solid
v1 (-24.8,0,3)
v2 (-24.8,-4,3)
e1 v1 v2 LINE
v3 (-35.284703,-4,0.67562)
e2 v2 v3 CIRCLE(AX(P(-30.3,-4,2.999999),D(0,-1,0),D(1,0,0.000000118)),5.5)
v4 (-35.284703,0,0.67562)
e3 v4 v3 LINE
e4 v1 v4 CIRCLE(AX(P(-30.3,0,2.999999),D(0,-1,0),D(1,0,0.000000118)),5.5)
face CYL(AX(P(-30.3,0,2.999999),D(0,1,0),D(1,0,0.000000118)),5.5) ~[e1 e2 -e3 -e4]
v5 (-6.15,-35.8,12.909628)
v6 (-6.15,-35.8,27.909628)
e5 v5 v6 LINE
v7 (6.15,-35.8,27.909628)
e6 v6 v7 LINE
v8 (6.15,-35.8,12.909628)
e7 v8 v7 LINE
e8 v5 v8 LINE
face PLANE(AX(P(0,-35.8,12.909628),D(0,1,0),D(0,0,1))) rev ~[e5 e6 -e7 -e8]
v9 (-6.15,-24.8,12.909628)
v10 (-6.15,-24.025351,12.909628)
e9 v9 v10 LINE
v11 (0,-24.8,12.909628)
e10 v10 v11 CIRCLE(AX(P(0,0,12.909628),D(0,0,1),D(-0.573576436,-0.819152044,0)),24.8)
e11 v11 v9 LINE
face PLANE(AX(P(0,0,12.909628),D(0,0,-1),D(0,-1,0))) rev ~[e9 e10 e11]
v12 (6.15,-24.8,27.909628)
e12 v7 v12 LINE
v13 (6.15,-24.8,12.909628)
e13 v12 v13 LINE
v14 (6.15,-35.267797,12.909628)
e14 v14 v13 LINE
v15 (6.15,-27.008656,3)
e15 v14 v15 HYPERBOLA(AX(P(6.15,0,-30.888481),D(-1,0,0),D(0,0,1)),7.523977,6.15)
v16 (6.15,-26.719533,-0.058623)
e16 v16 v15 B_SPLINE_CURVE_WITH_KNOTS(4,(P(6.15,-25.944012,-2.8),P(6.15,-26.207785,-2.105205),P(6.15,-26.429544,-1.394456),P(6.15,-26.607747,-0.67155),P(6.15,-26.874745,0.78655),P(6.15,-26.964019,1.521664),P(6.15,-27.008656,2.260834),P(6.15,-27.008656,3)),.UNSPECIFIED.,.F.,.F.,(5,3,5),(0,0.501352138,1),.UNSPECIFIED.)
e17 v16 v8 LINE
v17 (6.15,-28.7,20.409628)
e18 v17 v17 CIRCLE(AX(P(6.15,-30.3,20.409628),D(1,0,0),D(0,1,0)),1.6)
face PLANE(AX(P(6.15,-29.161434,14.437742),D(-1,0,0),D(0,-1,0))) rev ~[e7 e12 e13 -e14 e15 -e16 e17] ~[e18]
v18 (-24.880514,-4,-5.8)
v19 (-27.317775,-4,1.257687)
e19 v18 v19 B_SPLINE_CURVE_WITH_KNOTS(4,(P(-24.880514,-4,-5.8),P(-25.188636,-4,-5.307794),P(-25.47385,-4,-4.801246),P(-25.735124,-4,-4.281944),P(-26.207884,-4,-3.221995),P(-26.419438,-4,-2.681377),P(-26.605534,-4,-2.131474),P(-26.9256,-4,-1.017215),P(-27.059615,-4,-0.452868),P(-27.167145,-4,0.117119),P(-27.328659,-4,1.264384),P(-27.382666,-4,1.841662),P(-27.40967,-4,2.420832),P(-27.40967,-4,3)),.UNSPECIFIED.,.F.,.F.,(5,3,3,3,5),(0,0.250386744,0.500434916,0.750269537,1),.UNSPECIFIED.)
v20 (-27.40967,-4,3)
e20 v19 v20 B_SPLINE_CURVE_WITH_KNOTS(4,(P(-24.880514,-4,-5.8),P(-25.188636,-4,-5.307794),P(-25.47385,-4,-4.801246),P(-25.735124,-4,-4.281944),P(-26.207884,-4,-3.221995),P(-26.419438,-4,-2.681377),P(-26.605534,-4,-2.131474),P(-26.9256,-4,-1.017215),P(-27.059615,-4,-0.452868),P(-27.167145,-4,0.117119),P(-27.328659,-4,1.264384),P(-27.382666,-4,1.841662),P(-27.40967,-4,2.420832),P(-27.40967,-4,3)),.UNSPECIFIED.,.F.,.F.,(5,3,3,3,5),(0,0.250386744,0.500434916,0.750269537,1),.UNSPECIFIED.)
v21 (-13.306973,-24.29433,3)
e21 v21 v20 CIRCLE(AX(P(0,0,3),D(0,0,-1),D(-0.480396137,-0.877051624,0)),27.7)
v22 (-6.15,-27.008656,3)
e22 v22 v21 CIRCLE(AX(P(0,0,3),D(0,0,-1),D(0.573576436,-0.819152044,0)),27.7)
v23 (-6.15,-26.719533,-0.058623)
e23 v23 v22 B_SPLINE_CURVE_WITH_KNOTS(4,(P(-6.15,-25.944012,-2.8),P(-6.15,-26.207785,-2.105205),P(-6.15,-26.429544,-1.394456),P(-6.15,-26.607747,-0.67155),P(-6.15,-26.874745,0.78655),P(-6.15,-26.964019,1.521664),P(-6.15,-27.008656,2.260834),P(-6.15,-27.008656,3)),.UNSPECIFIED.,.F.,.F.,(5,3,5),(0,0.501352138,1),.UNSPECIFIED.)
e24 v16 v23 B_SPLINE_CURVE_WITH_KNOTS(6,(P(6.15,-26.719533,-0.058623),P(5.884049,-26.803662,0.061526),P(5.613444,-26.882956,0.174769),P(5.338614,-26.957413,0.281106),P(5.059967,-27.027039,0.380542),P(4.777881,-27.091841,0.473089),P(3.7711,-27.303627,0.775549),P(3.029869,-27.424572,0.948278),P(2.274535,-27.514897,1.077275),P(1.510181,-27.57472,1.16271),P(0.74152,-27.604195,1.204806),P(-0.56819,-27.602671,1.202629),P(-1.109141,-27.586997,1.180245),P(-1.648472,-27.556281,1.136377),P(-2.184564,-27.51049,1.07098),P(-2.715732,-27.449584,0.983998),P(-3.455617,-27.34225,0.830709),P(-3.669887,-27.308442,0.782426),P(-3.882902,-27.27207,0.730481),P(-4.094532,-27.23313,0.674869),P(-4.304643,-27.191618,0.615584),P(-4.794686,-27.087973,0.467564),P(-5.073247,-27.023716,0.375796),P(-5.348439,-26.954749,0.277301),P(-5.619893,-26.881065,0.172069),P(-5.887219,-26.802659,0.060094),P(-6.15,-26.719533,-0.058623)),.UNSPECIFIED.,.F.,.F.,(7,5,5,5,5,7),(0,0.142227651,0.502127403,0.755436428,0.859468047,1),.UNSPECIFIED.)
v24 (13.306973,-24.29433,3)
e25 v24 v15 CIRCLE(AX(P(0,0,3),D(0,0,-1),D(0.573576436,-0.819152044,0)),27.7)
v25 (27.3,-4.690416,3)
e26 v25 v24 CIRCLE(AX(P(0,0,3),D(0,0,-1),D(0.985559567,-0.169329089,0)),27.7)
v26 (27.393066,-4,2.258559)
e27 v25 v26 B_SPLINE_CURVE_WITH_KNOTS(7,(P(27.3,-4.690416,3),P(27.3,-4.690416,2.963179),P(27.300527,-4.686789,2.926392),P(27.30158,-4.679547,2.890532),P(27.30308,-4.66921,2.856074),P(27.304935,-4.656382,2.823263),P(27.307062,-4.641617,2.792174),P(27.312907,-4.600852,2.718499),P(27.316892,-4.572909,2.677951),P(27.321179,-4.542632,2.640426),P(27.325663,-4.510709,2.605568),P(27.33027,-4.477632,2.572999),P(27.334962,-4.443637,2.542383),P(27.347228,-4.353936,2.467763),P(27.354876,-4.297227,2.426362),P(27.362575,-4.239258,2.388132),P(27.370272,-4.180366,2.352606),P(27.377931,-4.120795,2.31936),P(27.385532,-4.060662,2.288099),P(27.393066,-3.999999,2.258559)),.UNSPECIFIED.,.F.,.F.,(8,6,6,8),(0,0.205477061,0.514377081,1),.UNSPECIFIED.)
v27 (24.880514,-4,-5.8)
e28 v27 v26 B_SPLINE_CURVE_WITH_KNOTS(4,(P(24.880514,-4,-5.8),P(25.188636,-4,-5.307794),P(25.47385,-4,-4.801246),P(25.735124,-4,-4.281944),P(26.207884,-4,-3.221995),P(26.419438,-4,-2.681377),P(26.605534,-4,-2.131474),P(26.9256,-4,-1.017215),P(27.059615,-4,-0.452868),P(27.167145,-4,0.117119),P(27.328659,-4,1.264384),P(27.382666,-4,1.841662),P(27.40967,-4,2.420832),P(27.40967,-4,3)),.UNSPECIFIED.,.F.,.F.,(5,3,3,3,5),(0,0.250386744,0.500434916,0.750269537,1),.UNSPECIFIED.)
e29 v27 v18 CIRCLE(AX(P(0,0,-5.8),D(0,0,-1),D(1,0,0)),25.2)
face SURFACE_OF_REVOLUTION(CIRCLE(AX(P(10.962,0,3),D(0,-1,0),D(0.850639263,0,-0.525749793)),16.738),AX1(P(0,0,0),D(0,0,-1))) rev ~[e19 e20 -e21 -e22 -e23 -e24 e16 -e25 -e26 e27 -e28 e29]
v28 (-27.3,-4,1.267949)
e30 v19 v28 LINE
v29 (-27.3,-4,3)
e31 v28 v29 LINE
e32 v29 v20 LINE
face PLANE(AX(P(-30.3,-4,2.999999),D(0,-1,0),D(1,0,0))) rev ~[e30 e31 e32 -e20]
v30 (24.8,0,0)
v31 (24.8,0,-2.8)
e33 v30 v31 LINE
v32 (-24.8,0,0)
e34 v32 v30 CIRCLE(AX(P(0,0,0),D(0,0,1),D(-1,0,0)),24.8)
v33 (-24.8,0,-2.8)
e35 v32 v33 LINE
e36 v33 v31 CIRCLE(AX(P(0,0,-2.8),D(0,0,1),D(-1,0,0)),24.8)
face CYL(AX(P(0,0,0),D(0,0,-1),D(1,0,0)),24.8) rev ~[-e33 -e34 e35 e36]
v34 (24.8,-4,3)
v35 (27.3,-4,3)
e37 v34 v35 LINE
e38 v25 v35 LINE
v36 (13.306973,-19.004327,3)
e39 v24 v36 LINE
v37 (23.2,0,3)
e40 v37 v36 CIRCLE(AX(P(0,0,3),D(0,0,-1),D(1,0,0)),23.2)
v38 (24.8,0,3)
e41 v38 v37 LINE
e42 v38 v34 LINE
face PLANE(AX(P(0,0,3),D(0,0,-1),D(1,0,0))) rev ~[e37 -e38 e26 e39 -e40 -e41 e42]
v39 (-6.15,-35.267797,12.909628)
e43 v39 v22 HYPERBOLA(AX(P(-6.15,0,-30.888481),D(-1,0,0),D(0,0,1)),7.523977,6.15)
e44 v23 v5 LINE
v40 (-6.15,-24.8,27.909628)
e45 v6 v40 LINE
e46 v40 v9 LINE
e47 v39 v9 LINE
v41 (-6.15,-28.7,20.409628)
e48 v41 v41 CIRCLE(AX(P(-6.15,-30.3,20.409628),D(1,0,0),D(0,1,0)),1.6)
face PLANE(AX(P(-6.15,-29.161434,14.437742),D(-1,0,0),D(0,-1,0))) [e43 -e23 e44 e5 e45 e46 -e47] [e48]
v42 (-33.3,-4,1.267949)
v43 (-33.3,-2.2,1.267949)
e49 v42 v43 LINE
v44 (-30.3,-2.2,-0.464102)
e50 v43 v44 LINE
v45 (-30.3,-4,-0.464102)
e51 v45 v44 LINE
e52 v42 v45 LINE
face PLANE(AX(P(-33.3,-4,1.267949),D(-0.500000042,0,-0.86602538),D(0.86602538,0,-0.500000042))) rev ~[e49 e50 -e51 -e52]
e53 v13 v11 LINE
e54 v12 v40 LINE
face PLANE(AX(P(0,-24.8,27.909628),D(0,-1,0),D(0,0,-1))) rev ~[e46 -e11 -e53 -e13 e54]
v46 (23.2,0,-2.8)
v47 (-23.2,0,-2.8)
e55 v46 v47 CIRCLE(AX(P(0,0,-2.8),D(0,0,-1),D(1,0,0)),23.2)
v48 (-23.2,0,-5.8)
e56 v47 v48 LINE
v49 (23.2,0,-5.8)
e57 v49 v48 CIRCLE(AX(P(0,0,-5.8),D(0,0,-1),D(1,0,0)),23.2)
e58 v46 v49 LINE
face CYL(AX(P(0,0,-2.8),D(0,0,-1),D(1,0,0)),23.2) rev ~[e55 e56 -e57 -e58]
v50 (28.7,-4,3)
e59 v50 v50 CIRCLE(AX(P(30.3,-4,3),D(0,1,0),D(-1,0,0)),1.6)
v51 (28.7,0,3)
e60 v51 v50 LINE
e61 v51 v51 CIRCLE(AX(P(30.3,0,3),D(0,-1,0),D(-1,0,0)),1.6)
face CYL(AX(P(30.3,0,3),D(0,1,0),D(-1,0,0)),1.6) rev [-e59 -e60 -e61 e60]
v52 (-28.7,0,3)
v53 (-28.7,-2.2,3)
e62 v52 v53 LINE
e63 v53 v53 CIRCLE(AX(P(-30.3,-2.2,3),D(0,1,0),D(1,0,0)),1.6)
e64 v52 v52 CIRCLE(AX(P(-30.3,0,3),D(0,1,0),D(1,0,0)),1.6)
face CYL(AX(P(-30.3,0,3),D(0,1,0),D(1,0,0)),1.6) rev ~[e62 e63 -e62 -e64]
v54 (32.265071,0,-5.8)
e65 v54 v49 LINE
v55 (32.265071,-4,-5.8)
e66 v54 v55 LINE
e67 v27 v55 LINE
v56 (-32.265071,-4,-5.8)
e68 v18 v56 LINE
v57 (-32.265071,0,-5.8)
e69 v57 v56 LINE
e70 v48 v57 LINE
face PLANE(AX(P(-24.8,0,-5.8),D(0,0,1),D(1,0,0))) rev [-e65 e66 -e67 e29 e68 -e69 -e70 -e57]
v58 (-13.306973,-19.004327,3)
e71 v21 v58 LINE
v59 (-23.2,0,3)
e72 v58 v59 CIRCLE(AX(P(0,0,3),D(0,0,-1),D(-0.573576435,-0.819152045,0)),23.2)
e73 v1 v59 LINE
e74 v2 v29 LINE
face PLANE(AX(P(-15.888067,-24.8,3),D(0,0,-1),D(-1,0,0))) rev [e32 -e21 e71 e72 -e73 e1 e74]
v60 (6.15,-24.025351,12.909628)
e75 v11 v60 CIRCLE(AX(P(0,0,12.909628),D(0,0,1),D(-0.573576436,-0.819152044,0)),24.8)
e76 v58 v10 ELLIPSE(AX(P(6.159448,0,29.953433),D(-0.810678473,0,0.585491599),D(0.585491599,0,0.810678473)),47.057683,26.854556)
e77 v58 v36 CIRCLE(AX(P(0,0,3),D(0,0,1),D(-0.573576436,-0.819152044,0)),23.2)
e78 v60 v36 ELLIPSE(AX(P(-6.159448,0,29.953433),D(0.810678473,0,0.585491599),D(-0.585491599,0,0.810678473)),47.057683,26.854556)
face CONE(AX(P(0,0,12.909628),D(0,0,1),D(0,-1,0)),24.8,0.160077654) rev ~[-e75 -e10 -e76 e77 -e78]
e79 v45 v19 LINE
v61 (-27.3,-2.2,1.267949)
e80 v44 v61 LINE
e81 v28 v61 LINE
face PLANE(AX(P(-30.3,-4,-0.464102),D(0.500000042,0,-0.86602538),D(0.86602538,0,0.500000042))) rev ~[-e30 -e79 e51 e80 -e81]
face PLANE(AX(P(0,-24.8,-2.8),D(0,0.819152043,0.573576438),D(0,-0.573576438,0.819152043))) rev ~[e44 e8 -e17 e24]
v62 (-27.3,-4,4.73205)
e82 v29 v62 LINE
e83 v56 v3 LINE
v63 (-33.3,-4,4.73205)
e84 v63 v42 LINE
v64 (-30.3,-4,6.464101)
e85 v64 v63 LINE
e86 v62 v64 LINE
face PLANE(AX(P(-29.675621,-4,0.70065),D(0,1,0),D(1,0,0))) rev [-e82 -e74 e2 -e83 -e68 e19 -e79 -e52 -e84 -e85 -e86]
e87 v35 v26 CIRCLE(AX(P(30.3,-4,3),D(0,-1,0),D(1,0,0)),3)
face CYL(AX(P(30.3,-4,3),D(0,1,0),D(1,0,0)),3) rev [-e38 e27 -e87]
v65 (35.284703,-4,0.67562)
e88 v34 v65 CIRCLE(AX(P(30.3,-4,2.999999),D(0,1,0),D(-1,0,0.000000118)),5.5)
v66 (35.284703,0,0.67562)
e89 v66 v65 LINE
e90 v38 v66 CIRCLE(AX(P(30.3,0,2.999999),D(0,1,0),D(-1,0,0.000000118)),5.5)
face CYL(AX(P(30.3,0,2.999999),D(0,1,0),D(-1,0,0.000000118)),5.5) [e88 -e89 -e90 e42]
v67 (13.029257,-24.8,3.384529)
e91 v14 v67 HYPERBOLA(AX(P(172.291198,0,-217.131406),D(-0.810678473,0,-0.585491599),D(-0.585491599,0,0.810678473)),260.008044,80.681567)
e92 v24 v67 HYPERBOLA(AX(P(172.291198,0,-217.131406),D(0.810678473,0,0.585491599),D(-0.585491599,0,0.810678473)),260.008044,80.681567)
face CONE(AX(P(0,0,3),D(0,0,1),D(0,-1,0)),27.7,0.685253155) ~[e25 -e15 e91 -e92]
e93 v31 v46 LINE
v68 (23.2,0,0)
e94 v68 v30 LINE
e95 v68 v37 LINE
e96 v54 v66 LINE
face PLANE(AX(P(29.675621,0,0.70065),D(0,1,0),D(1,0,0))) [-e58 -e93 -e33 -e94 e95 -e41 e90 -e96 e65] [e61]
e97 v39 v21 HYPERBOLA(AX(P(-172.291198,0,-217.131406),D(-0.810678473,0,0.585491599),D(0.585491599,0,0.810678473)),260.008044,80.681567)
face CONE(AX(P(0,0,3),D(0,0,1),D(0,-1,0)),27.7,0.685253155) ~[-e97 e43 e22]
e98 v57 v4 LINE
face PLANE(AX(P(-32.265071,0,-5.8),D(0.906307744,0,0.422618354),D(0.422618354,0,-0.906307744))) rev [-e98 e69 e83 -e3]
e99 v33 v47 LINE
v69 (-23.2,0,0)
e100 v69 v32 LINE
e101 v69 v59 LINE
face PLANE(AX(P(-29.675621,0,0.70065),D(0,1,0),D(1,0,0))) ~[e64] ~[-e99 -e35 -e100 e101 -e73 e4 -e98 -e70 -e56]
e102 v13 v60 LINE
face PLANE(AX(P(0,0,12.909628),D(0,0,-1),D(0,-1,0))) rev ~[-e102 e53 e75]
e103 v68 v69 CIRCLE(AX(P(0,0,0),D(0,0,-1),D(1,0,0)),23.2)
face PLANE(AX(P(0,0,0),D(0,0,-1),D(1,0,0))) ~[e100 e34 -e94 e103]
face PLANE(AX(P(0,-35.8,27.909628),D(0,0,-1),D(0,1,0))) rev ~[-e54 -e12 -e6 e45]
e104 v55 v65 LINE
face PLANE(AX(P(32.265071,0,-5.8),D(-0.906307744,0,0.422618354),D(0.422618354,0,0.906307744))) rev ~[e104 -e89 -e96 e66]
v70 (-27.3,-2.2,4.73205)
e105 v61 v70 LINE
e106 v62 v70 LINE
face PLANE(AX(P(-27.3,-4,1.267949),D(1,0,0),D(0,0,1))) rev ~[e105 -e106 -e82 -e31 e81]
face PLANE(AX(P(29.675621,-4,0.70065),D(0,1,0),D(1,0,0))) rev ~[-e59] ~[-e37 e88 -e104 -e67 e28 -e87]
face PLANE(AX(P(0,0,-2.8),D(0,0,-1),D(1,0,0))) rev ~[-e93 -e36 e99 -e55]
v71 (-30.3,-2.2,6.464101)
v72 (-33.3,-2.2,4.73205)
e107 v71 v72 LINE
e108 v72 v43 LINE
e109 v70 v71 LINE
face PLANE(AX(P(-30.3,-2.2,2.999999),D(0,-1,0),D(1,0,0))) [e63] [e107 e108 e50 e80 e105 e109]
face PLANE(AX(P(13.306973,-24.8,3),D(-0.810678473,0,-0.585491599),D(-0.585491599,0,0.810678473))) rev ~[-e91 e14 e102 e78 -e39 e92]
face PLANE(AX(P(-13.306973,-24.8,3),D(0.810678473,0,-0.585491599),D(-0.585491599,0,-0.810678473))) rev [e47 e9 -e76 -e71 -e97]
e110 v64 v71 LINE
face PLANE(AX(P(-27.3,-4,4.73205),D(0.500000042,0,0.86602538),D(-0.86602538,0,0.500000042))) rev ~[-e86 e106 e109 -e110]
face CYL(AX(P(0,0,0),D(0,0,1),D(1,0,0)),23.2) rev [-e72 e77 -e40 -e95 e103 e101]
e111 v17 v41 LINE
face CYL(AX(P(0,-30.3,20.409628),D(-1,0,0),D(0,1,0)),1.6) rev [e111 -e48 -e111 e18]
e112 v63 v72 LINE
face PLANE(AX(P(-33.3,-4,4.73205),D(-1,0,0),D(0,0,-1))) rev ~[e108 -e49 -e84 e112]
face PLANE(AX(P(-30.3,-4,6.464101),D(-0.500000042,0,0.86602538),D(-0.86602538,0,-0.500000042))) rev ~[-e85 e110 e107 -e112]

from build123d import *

# Parameters (mm, degrees)
SKETCH005_R          = 1.6
PAD001_DEPTH         = 6.15
REVOLUTION_ANGLE     = -180
PAD_DEPTH            = 4
SKETCH002_R          = 1.6
POCKET_DEPTH         = 5
POCKET001_DEPTH      = 1.8
SKETCH004_R          = 3
POCKET002_DEPTH      = 2
REVOLUTION001_ANGLE  = 70
POCKET003_DEPTH      = 184.719613
POCKET003_DEPTH_BACK = 198.519612


with BuildPart() as pad001:
    # Sketch005 → Pad001 (new body, symmetric)
    with BuildSketch(Plane.YZ):
        Polygon((-35.8, 27.909628), (-24.8, 27.909628), (-24.8, -2.8), (-35.8, 12.909628), align=None)
        with Locations((-30.3, 20.409628)):
            Circle(SKETCH005_R, mode=Mode.SUBTRACT)
    extrude(amount=PAD001_DEPTH, both=True)


with BuildPart() as rect:
    # Sketch → Revolution (revolve)
    with BuildSketch(Plane.XZ):
        with BuildLine():
            Line((23.2, 0), (24.8, 0))
            Line((24.8, 0), (24.8, -2.8))
            Line((24.8, -2.8), (23.2, -2.8))
            Line((23.2, -2.8), (23.2, -5.8))
            Line((23.2, -5.8), (25.2, -5.8))
            ThreePointArc((25.2, -5.8), (27.062874, -1.574112), (27.7, 3))
            Line((27.7, 3), (23.2, 3))
            Line((23.2, 0), (23.2, 3))
        make_face()
    revolve(axis=Axis((0, 0, 0), (0, 0, 1)), revolution_arc=REVOLUTION_ANGLE)

    # Sketch001 → Pad (new body)
    with BuildSketch(Plane(origin=(0, 0, 0), x_dir=(1, 0, 0), z_dir=(0, 1, 0))):
        with BuildLine():
            ThreePointArc((24.8, -3), (31.490407, -8.36963), (35.284703, -0.67562))
            Line((32.265071, 5.8), (35.284703, -0.67562))
            Line((24.8, 5.8), (32.265071, 5.8))
            Line((24.8, -3), (24.8, 5.8))
        make_face()
    pad = extrude(amount=-PAD_DEPTH)

    # Mirrored: Pad across Sketch001 V_Axis
    add(pad.mirror(Plane.YZ))

    # Sketch002 → Pocket (cut)
    with BuildSketch(Plane(origin=(0, 0, 0), x_dir=(1, 0, 0), z_dir=(0, 1, 0))):
        with Locations((-30.3, -3)):
            Circle(SKETCH002_R)
    pocket = extrude(amount=-POCKET_DEPTH, mode=Mode.SUBTRACT)

    # Mirrored001: Pocket across Sketch002 V_Axis
    add(pocket.mirror(Plane.YZ), mode=Mode.SUBTRACT)

    # Sketch003 → Pocket001 (cut)
    with BuildSketch(Plane.XZ.offset(4)):
        Polygon((-30.3, 6.464101), (-33.3, 4.73205), (-33.3, 1.267949), (-30.3, -0.464102), (-27.3, 1.267949), (-27.3, 4.73205), align=None)
    extrude(amount=-POCKET001_DEPTH, mode=Mode.SUBTRACT)

    # Sketch004 → Pocket002 (cut)
    with BuildSketch(Plane.XZ.offset(4)):
        with Locations((30.3, 3)):
            Circle(SKETCH004_R)
    extrude(amount=POCKET002_DEPTH, mode=Mode.SUBTRACT)

    # Fusion: union Pad001
    add(pad001.part)


with BuildPart() as mount_part:
    # Sketch006 → Revolution001 (revolve, symmetric)
    with BuildSketch(Plane.YZ) as revolution001_sk:
        Polygon((-23.2, 3), (-27.7, 3), (-35.8, 12.909628), (-24.8, 12.909628), align=None)
    revolve(axis=Axis((0, 0, 0), (0, 0, 1)), revolution_arc=REVOLUTION001_ANGLE / 2)
    revolve(revolution001_sk.sketch, axis=Axis((0, 0, 0), (0, 0, -1)), revolution_arc=REVOLUTION001_ANGLE / 2)

    # Fusion001: union rect
    add(rect.part)

    # Sketch007 → Pocket003 (cut, two sides)
    with BuildSketch(Plane(origin=(0, -24.8, 0), x_dir=(-1, 0, 0), z_dir=(0, 1, 0))) as pocket003_sk:
        Polygon((-15.888067, 3), (-13.306973, 3), (-6.15, 12.909628), (-29.113317, 25.73584), align=None)
    pocket003 = extrude(amount=-POCKET003_DEPTH, mode=Mode.SUBTRACT) + extrude(pocket003_sk.sketch, amount=POCKET003_DEPTH_BACK, mode=Mode.SUBTRACT)

    # Mirrored002: Pocket003 across Sketch007 V_Axis
    add(pocket003.mirror(Plane(origin=(0, -24.8, 0), x_dir=(0, 1, 0), z_dir=(-1, 0, 0))), mode=Mode.SUBTRACT)


solid = mount_part.part
